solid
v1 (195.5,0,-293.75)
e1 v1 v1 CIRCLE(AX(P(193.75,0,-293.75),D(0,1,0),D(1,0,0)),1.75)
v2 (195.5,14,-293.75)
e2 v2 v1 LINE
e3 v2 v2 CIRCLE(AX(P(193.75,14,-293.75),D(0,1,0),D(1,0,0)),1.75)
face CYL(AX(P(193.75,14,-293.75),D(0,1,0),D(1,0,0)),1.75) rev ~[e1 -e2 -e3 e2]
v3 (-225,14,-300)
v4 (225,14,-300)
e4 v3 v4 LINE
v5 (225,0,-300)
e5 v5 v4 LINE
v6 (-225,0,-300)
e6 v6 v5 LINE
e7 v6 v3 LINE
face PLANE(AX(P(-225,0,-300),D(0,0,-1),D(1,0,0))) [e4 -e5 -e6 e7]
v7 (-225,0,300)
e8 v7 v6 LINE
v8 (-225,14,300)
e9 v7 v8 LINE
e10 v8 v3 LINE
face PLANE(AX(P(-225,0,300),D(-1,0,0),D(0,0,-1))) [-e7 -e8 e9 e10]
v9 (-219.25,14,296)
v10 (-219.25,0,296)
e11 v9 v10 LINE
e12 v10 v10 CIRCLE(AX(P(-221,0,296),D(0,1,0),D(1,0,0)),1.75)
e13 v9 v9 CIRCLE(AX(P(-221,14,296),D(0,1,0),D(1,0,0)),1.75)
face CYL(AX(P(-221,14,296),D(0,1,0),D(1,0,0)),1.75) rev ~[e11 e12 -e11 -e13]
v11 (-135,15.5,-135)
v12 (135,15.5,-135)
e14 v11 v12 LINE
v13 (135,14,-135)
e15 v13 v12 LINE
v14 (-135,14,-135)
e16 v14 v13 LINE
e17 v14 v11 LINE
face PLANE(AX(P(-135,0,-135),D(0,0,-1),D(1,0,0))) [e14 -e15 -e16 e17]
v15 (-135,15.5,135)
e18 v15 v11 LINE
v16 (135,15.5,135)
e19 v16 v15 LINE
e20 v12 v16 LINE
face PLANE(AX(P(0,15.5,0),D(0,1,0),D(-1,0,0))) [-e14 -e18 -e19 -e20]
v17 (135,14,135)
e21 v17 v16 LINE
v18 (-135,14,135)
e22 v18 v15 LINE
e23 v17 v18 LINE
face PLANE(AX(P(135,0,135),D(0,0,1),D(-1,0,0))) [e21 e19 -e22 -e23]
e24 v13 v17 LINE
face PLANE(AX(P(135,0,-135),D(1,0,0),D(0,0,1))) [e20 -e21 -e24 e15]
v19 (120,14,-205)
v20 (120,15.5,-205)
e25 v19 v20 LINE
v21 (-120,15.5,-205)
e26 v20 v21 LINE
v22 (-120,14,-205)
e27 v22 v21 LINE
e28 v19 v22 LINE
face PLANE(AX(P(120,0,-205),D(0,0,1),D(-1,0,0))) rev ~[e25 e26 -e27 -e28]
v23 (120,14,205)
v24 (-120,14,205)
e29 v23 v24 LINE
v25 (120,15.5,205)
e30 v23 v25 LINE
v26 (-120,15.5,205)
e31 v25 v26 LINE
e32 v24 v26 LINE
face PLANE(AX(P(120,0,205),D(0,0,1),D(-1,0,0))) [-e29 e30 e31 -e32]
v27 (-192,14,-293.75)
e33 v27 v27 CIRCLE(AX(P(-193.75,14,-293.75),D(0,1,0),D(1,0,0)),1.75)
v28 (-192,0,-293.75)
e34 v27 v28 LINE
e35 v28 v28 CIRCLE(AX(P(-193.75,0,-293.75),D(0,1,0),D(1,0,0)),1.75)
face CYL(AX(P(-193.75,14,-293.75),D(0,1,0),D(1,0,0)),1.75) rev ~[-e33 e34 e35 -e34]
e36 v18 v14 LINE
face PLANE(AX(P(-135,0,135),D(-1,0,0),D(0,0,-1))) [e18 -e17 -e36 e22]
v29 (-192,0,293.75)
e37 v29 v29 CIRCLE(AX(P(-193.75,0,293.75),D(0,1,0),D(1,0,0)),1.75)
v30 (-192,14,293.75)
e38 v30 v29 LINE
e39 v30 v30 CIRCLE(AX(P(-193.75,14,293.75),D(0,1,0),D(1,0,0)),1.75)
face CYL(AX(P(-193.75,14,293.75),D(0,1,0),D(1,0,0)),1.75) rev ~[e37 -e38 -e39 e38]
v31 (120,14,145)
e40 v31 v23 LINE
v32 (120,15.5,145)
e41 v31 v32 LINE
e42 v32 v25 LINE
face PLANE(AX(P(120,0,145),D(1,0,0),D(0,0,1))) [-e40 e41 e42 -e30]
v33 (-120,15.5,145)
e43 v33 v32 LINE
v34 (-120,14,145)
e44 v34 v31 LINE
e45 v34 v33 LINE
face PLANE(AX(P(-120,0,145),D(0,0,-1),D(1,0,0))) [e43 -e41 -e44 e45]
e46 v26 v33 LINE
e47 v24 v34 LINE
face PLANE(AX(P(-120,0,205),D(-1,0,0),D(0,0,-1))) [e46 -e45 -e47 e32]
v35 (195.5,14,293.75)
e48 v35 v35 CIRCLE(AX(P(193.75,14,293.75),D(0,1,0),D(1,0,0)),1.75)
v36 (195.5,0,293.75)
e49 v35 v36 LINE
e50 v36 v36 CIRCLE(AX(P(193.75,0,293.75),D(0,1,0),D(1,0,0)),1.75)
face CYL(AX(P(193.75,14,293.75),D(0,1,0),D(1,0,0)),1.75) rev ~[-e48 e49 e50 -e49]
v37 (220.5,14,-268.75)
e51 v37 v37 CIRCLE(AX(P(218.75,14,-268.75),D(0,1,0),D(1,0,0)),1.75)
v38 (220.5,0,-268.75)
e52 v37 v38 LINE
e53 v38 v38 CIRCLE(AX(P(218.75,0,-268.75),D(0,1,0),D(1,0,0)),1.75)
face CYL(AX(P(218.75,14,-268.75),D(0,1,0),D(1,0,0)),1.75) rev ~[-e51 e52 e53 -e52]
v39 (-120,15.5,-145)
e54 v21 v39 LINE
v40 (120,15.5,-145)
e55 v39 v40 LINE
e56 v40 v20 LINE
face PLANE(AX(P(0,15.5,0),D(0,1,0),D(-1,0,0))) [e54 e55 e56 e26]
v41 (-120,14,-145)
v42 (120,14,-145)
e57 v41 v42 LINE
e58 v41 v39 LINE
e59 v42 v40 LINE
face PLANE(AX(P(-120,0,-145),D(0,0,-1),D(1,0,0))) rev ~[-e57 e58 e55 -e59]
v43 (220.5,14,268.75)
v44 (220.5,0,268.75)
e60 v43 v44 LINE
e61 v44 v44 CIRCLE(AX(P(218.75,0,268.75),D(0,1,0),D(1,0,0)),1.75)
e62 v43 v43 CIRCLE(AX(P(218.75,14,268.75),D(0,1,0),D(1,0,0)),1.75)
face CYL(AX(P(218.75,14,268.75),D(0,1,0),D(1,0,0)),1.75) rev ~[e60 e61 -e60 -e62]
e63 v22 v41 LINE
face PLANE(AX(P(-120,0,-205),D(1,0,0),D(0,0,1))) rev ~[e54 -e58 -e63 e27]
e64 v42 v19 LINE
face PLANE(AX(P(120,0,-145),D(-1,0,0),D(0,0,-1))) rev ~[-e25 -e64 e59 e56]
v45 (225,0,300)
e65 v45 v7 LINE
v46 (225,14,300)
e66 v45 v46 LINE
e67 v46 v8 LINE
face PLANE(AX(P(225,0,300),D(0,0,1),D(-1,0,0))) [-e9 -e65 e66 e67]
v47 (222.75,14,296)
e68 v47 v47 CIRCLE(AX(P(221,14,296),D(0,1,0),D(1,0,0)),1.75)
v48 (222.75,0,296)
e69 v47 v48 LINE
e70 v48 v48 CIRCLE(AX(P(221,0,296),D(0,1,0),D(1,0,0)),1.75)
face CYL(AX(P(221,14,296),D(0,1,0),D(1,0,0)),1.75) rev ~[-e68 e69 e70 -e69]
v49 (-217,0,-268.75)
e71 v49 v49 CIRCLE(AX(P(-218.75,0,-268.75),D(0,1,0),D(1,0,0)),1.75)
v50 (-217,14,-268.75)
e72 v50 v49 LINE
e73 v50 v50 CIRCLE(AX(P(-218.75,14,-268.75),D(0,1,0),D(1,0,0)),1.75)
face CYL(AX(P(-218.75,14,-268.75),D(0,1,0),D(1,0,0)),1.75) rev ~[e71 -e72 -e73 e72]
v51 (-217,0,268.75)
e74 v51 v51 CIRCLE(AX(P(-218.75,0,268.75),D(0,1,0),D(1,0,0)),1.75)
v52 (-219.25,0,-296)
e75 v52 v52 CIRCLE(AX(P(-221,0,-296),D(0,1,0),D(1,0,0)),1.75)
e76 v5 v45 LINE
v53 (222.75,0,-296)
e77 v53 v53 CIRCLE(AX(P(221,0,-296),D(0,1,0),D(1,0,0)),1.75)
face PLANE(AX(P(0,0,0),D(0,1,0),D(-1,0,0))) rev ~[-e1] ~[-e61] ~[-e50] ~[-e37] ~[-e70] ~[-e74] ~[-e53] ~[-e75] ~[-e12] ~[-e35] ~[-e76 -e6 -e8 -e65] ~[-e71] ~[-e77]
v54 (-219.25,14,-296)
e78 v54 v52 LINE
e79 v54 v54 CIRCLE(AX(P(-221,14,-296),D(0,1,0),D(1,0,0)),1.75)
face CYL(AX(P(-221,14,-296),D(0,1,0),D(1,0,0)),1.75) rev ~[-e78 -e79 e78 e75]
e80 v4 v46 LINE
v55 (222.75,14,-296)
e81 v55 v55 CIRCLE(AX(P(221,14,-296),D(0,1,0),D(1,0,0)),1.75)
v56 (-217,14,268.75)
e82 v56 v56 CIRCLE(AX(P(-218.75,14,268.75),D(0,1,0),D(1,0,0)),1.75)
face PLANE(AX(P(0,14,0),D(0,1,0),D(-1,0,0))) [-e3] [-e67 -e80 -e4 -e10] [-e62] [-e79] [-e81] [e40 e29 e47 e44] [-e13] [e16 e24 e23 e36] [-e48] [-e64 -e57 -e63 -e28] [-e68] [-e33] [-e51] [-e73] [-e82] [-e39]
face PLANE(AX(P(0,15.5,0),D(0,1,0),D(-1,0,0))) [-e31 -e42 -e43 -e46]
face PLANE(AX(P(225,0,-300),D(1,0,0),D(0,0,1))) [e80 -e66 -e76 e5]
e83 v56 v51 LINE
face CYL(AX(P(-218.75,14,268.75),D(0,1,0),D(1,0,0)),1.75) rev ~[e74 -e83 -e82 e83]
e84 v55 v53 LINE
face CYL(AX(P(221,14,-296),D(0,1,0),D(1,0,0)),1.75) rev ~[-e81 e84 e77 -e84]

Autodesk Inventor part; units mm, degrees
ref_plane "YZ Plane" through (0, 0, 0) normal (1, 0, 0) x (0, 1, 0)
ref_plane "XZ Plane" through (0, 0, 0) normal (0, 1, 0) x (-1, 0, 0)
ref_plane "XY Plane" through (0, 0, 0) normal (0, 0, 1) x (1, 0, 0)
sketch "Эскиз1" plane through (0, 0, 0) normal (0, 1, 0) x (-1, 0, 0)
  line L0 (-225, 300) -> (225, 300)
  line L1 (225, 300) -> (225, -300)
  line L2 (225, -300) -> (-225, -300)
  line L3 (-225, -300) -> (-225, 300)
  line L4 (-225, 300) -> (225, -300) construction
  line L5 (225, 300) -> (-225, -300) construction
  line L6 (-135, 135) -> (135, 135)
  line L7 (135, 135) -> (135, -135)
  line L8 (135, -135) -> (-135, -135)
  line L9 (-135, -135) -> (-135, 135)
  line L10 (-135, 135) -> (135, -135) construction
  line L11 (135, 135) -> (-135, -135) construction
  line L12 (120, 145) -> (-120, 145)
  line L13 (-120, 145) -> (-120, 205)
  line L14 (-120, 205) -> (120, 205)
  line L15 (120, 205) -> (120, 145)
  line L16 (120, -145) -> (-120, -145)
  line L17 (-120, -145) -> (-120, -205)
  line L18 (-120, -205) -> (120, -205)
  line L19 (120, -205) -> (120, -145)
  point P0 (0, 0)
  dimension "d0" = 450
  dimension "d1" = 600
  dimension "d2" = 270
  dimension "d3" = 270
  dimension "d7" = 240
  dimension "d8" = 60
  dimension "d9" = 60
  dimension "d10" = 15
  dimension "d11" = 10
  dimension "d12" = 10
  dimension "d13" = 15
extrude "Выдавливание1" add sketch "Эскиз1" along normal blind 14
extrude "Выдавливание2" add sketch "Эскиз1" along normal blind 15.5 contours L6 L7 L8 L9 | L12 L13 L14 L15 | L19 L18 L17 L16
sketch "Эскиз2" plane through (0, 14, 0) normal (0, 1, 0) x (1, 0, 0)
  circle A0 centre (-193.75, 293.75) radius 1.75
  circle A1 centre (-218.75, 268.75) radius 1.75
  circle A2 centre (-221, 296) radius 1.75
  circle A3 centre (221, 296) radius 1.75
  circle A4 centre (218.75, 268.75) radius 1.75
  circle A5 centre (193.75, 293.75) radius 1.75
  circle A6 centre (218.75, -268.75) radius 1.75
  circle A7 centre (221, -296) radius 1.75
  circle A8 centre (193.75, -293.75) radius 1.75
  circle A9 centre (-218.75, -268.75) radius 1.75
  circle A10 centre (-221, -296) radius 1.75
  circle A11 centre (-193.75, -293.75) radius 1.75
  line L0 (225, 300) -> (-225, 300) projected
  line L1 (-225, 300) -> (-225, -300) projected
  line L2 (225, -300) -> (225, 300) projected
  line L3 (-225, -300) -> (225, -300) projected
  point P0 (0, 0)
  dimension "d20" = 27.25
  dimension "d21" = 27.25
  dimension "d22" = 2.25
  dimension "d23" = 2.25
  dimension "d24" = 4
  dimension "d25" = 4
  dimension "d26" = 27.25
  dimension "d27" = 27.25
  dimension "d28" = 2.25
  dimension "d29" = 2.25
  dimension "d30" = 4
  dimension "d31" = 4
  dimension "d32" = 27.25
  dimension "d33" = 27.25
  dimension "d34" = 2.25
  dimension "d35" = 2.25
  dimension "d36" = 4
  dimension "d37" = 4
  dimension "d38" = 27.25
  dimension "d39" = 27.25
  dimension "d40" = 2.25
  dimension "d41" = 2.25
  dimension "d42" = 4
  dimension "d43" = 4
extrude "Выдавливание3" cut sketch "Эскиз2" against normal through all contours A0 | A1 | A2 | A3 | A4 | A5 | A6 | A7 | A8 | A9 | A10 | A11
properties part number "base_plate"
